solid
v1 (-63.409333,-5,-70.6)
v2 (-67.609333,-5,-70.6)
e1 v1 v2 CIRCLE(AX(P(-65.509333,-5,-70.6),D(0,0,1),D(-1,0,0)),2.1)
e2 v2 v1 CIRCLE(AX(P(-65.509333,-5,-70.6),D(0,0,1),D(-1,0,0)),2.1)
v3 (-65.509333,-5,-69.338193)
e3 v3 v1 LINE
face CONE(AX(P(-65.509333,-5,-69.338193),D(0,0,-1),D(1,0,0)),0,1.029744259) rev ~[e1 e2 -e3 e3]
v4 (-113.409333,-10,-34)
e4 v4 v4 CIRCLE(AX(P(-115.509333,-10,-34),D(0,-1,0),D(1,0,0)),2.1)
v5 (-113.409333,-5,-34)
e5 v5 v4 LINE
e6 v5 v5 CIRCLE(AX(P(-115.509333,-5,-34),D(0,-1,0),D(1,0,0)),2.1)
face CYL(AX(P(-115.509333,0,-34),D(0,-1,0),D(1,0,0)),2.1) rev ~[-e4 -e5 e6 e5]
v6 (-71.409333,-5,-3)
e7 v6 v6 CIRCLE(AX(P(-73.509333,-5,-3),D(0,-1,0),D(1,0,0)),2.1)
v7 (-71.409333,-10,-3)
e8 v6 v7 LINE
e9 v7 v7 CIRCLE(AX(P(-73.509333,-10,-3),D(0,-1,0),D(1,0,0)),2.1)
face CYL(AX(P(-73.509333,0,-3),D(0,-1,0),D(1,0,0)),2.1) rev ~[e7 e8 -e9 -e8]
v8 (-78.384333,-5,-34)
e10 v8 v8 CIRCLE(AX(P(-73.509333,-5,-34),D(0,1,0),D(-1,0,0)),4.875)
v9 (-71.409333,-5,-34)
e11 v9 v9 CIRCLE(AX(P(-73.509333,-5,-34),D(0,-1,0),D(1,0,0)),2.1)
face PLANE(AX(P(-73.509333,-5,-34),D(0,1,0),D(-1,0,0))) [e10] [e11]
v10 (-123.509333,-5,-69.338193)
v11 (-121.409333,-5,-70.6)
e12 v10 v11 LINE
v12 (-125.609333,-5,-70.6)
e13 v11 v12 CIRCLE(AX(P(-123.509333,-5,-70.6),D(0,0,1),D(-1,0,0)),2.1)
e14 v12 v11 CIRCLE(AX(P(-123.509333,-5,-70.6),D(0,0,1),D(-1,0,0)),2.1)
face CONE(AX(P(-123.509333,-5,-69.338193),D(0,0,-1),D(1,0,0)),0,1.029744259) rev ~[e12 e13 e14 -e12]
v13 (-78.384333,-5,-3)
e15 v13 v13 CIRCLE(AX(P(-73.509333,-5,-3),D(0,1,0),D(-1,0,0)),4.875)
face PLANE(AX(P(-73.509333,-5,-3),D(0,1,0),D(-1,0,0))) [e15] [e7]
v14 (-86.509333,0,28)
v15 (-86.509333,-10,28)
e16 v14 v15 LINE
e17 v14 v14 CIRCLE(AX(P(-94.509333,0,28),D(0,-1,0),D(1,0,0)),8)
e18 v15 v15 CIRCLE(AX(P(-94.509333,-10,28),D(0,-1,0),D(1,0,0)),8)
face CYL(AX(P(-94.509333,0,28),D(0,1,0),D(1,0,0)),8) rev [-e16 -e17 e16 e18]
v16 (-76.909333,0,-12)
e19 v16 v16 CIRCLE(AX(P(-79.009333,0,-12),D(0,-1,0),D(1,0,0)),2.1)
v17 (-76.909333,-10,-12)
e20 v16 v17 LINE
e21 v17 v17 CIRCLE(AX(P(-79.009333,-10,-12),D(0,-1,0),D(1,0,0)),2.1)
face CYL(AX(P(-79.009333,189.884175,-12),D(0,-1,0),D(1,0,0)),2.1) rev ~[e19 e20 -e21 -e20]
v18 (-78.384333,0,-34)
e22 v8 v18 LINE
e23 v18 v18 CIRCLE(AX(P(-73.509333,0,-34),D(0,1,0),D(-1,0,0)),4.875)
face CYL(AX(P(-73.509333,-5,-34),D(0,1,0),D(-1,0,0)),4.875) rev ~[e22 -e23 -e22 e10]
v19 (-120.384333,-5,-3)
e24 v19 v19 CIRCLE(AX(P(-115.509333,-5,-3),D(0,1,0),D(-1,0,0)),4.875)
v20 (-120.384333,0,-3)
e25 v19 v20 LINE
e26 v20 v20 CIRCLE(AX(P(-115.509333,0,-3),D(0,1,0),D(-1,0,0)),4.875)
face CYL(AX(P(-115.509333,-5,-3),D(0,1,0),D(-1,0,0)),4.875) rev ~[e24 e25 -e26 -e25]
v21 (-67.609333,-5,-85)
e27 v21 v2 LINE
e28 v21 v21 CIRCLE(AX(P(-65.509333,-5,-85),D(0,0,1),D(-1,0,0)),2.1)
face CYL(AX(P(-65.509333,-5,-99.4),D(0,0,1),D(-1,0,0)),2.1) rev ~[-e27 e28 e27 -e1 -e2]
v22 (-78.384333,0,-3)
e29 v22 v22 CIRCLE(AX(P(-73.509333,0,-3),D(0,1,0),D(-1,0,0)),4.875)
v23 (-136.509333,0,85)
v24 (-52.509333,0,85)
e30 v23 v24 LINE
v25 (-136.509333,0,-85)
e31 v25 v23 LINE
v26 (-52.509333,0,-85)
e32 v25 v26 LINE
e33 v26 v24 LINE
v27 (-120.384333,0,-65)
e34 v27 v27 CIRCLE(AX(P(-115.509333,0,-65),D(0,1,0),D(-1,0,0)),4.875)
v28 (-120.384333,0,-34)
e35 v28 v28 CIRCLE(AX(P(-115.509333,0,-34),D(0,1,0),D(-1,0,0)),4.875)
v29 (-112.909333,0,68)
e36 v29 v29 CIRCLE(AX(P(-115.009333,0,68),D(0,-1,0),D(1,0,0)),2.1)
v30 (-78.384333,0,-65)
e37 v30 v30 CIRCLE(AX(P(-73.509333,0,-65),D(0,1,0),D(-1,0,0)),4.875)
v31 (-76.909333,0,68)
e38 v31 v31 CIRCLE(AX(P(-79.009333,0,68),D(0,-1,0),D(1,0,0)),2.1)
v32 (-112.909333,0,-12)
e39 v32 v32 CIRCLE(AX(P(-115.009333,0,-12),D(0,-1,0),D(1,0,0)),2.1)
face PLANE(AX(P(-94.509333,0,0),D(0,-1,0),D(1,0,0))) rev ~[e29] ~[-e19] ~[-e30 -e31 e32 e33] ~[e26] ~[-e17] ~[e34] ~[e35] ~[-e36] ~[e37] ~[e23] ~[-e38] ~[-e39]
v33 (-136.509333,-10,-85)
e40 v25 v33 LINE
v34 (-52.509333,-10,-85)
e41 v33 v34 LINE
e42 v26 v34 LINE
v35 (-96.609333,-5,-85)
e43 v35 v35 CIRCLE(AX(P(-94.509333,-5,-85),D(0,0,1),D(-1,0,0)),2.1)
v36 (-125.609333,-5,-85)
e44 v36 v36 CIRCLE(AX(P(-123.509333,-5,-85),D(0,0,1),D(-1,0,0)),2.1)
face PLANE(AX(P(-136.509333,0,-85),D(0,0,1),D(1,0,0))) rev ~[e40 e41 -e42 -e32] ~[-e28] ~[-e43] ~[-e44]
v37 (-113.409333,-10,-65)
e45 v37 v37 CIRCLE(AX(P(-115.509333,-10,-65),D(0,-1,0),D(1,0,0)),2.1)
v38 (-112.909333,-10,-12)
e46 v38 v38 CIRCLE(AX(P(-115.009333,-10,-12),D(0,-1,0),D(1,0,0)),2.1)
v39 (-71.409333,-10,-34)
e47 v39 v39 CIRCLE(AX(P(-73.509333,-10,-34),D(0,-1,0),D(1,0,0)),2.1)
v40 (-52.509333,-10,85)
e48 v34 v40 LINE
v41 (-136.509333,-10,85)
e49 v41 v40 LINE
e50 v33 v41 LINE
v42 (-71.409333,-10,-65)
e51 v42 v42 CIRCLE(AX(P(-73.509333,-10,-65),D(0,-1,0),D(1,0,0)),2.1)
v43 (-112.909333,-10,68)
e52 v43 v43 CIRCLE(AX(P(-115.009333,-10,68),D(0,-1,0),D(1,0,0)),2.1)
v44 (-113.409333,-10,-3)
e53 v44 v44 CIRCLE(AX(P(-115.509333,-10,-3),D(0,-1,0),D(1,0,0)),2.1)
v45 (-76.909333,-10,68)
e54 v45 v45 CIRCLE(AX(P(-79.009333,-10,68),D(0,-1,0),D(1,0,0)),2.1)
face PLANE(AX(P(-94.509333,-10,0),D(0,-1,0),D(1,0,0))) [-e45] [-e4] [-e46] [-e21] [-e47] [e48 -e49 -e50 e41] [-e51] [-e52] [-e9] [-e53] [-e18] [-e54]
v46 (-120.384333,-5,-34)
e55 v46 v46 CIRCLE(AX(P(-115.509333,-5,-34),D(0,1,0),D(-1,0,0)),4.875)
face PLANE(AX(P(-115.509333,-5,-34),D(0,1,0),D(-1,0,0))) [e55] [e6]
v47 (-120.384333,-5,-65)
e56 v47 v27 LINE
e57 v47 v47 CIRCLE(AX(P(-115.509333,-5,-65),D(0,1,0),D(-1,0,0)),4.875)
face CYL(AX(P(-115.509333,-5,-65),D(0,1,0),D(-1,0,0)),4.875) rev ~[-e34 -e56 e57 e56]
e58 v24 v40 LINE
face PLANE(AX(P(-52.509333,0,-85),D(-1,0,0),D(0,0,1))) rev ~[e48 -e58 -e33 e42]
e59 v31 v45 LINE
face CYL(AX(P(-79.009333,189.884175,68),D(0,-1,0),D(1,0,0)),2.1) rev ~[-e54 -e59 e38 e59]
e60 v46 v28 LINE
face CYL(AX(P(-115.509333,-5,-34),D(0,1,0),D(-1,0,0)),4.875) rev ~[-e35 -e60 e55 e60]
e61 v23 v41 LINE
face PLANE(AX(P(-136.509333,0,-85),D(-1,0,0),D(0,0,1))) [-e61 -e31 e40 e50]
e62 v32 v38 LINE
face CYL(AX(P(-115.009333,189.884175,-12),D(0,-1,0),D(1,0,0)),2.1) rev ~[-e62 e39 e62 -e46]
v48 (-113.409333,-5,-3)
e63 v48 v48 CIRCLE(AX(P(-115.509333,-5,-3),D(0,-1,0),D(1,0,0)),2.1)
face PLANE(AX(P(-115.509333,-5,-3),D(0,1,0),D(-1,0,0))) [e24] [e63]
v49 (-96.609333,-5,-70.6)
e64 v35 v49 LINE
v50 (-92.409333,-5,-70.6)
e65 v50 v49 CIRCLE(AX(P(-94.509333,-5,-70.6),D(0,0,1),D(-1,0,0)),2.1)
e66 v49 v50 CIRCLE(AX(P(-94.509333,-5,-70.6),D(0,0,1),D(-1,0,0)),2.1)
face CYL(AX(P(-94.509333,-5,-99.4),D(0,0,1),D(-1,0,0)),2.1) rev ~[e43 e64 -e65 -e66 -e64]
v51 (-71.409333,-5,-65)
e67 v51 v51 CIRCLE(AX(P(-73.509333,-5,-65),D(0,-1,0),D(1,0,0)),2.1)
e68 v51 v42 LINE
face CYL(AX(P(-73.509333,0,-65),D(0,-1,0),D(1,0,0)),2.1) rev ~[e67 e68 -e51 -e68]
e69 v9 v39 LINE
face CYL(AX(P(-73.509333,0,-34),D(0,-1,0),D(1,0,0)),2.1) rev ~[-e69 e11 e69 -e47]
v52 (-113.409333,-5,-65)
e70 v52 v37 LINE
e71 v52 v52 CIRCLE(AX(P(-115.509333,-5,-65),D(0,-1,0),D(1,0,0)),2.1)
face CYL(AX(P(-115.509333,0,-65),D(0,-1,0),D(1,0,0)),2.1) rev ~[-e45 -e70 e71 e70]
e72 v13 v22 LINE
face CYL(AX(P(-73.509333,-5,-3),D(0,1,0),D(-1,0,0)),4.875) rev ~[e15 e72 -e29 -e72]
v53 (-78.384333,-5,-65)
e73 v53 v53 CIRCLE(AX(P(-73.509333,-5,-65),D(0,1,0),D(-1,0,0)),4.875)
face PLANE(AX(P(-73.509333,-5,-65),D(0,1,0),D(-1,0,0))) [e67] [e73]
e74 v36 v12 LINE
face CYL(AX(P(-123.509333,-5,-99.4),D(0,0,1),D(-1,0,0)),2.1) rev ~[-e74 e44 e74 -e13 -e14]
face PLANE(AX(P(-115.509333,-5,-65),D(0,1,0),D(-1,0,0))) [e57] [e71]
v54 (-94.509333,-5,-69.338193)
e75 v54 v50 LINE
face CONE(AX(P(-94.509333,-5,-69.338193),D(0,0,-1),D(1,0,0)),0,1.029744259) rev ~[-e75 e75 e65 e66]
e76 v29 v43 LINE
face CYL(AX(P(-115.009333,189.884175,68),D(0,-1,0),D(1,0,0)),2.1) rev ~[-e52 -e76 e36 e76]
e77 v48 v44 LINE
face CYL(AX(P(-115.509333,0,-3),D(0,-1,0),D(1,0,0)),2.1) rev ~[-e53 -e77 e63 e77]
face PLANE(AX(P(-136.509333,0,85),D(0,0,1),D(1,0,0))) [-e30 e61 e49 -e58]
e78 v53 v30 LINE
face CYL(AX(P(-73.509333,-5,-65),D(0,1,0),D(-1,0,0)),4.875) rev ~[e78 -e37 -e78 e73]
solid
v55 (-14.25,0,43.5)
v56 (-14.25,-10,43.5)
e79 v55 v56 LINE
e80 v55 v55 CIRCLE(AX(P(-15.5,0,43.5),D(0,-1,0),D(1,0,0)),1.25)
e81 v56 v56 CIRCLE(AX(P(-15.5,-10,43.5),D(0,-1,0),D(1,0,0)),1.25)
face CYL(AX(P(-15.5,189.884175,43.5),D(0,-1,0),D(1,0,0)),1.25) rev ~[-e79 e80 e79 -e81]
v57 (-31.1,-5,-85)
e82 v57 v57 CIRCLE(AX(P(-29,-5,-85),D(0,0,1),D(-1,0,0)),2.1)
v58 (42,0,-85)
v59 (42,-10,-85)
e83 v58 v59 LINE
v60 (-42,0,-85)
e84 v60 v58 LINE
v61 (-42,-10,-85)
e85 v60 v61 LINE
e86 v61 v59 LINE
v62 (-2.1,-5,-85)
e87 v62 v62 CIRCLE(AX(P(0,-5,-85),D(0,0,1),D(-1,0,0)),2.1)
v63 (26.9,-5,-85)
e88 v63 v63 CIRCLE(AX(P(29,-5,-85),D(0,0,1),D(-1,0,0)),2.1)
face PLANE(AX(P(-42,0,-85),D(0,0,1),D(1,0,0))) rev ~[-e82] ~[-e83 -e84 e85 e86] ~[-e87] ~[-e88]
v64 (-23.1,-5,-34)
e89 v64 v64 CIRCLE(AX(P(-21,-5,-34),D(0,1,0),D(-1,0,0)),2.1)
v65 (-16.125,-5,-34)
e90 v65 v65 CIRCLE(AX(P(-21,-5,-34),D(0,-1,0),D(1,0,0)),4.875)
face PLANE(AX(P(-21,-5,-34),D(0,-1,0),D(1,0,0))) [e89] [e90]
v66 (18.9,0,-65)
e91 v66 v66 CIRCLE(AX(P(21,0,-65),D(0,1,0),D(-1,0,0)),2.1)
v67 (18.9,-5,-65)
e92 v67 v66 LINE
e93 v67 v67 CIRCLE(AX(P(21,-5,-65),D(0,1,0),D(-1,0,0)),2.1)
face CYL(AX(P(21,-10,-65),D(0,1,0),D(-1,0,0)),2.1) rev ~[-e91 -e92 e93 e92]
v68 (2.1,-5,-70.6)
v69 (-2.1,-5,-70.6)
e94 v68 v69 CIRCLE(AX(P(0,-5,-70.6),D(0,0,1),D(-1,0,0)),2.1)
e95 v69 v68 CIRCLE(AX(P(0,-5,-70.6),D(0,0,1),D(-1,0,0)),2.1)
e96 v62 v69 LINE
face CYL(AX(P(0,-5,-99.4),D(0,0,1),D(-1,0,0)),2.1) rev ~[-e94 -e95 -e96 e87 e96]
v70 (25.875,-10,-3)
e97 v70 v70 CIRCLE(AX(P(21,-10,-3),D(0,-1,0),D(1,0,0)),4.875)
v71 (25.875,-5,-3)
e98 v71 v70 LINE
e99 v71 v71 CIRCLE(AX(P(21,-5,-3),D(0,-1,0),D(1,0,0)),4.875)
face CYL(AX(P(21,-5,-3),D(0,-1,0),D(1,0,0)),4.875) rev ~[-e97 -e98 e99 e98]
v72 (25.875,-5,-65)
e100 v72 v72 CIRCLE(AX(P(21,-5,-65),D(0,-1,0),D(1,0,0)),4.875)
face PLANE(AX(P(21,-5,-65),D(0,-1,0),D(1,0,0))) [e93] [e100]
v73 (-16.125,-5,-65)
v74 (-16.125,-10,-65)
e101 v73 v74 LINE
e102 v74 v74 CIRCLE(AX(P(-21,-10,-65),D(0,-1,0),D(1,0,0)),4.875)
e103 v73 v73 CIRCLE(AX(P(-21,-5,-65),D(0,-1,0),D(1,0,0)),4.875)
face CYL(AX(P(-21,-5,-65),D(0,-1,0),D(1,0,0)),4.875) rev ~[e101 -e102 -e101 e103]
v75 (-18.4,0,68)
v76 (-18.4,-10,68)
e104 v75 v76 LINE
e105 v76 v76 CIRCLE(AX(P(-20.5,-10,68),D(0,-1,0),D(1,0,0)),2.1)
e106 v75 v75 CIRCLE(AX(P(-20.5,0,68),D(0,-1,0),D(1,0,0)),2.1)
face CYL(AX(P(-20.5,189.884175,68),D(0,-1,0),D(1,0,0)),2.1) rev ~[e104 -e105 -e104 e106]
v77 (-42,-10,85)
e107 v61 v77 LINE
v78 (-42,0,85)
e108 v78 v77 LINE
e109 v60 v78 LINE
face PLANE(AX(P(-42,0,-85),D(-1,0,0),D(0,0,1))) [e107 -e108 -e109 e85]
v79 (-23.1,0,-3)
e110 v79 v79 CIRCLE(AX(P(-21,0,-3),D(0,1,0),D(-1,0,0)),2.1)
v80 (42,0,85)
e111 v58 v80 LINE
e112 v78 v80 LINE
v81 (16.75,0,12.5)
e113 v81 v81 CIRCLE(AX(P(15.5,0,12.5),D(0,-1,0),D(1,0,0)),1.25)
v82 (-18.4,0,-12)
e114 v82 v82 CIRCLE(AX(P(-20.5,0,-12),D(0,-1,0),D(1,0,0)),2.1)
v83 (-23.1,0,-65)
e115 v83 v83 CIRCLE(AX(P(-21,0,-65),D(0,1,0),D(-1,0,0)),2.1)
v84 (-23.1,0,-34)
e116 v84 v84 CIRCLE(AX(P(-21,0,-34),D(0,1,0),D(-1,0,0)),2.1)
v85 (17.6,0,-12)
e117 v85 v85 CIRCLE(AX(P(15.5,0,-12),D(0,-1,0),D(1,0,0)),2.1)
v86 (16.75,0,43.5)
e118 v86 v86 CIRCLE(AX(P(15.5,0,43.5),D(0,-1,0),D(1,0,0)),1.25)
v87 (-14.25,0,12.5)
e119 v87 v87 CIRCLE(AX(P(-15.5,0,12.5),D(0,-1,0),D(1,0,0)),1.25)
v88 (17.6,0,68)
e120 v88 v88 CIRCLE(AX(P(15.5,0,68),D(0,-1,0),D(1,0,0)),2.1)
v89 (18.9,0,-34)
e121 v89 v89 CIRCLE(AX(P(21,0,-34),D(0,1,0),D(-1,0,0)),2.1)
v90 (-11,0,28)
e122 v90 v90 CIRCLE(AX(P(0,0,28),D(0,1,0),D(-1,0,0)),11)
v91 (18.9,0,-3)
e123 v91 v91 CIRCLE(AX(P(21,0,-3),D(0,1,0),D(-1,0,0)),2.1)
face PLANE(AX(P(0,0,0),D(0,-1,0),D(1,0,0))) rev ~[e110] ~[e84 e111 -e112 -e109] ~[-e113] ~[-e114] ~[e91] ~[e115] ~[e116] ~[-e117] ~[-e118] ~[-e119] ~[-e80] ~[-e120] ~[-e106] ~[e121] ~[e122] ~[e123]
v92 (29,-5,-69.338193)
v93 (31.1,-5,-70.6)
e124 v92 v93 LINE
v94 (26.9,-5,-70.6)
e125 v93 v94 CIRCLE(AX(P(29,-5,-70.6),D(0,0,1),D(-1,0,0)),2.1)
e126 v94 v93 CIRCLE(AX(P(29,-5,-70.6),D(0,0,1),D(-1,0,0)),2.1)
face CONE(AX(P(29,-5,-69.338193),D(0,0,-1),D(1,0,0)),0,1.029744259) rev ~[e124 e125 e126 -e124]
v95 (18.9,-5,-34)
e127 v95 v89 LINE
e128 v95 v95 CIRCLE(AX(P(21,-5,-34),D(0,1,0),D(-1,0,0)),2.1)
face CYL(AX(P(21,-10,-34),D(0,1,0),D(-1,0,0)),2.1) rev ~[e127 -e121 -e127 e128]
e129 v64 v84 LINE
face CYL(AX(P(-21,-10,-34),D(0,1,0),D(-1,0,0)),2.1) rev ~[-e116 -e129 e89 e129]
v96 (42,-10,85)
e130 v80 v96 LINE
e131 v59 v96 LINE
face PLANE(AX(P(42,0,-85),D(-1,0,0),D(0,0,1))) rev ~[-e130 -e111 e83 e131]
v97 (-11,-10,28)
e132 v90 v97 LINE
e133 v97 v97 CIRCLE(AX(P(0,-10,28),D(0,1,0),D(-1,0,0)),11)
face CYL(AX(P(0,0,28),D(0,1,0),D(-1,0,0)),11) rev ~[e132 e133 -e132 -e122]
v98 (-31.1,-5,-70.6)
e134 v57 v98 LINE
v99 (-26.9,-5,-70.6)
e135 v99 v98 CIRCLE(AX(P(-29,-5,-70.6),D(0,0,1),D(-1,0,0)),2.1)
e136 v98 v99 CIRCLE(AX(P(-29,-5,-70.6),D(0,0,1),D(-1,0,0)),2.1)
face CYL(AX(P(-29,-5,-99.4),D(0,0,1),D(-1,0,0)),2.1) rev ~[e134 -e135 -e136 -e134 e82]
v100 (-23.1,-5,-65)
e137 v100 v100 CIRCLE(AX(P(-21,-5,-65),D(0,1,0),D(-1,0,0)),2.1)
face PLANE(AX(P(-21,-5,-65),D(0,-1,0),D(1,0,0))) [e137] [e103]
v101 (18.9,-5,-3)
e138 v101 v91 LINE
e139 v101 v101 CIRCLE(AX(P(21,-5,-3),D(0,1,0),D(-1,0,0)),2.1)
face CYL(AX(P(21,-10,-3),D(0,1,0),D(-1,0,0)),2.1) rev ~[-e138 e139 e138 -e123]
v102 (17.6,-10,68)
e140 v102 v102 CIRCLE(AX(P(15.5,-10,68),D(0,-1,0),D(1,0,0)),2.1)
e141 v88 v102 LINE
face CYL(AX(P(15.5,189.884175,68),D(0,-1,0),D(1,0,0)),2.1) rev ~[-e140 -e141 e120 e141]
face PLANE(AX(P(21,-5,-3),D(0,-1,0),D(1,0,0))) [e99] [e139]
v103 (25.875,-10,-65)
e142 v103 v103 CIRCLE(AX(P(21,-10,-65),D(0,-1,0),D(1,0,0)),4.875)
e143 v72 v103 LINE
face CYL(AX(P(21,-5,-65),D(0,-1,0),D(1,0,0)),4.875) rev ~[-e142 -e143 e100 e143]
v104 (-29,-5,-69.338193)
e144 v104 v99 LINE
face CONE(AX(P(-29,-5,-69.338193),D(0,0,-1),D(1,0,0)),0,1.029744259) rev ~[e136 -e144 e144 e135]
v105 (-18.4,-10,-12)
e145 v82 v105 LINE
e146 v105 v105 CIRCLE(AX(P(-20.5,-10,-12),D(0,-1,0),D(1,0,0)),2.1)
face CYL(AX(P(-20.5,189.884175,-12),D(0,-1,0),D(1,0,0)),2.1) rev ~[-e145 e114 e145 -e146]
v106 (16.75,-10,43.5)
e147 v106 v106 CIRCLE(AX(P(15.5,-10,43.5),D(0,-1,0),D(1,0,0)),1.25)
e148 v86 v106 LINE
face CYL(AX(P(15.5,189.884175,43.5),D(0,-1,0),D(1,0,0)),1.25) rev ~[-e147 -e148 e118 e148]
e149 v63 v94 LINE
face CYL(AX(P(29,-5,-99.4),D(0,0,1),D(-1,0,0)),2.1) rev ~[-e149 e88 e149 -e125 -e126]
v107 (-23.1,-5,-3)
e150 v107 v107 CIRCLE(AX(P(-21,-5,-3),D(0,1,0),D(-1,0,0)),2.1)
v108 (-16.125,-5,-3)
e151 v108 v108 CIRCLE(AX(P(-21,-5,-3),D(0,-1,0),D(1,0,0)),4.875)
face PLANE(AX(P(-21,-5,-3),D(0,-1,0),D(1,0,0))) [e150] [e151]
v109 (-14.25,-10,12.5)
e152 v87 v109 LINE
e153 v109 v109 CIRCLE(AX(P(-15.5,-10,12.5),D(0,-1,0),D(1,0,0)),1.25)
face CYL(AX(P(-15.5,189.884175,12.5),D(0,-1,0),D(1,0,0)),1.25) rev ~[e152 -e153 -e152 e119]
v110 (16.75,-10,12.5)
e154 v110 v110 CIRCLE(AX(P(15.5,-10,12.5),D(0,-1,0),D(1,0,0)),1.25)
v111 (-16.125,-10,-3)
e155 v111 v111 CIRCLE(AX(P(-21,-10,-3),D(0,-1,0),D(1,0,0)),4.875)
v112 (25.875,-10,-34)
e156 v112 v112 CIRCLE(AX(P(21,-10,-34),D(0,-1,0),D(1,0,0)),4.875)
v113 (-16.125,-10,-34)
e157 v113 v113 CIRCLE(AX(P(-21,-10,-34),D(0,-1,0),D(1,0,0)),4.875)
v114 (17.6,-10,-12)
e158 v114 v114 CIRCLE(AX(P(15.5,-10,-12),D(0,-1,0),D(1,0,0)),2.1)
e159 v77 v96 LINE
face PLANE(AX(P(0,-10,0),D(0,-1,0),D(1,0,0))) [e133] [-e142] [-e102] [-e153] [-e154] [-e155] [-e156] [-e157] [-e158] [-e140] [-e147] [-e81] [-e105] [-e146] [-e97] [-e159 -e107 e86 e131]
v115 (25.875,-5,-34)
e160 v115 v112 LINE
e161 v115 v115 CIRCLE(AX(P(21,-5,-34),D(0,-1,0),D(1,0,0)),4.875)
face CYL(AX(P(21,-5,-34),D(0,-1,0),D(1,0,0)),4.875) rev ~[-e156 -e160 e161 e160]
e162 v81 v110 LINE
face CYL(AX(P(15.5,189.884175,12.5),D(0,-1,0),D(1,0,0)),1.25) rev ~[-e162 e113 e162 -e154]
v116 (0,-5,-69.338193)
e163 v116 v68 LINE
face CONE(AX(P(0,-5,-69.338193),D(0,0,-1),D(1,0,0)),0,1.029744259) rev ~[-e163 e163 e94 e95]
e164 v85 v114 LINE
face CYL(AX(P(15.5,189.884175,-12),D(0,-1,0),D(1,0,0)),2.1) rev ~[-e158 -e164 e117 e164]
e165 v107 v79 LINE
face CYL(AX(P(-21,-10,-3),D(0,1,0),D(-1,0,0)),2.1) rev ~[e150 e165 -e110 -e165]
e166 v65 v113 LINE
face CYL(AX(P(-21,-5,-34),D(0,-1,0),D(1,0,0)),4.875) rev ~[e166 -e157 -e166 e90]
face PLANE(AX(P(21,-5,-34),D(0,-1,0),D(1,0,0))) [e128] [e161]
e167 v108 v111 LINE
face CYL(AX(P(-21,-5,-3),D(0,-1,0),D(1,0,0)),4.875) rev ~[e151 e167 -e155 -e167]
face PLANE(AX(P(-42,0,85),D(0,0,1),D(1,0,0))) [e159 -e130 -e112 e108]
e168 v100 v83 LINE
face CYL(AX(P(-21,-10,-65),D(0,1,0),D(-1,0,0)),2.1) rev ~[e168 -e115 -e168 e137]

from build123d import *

# Parameters (mm, degrees)
F0_W            = 84
F0_H            = 170
F1_DEPTH        = 10
F4_D            = 4.2
F4_DEPTH        = 14.4
F4_TIP          = 1.2618073
F5_W            = 84
F5_H            = 170
F5_R            = 8
F6_DEPTH        = 10
F8_D            = 4.2
F8_DEPTH        = 14.4
F8_TIP          = 1.2618073
F10_D           = 4.2
F12_D           = 4.2
F12_CBORE_D     = 9.75
F12_CBORE_DEPTH = 5
F14_D           = 4.2
F14_CBORE_D     = 9.75
F14_CBORE_DEPTH = 5
F2_R            = 11
F15_DEPTH       = 25
F16_D           = 4.2
F17_D           = 2.5


with BuildPart() as f1:
    # F0 (on Front) → F1 (new body)
    with BuildSketch(Plane.XZ):
        Rectangle(F0_W, F0_H)
    extrude(amount=F1_DEPTH)

    # F4
    with Locations(Plane(origin=(0, 0, -85), x_dir=(1, 0, 0), z_dir=(0, 0, -1))):
        with Locations((-29, 5), (0, 5), (29, 5)):
            Hole(F4_D / 2, depth=F4_DEPTH)
            with Locations((0, 0, -(F4_DEPTH + F4_TIP / 2))):  # 118° drill point
                Cone(0, F4_D / 2, F4_TIP, mode=Mode.SUBTRACT)

    # F12 (through all)
    with Locations(Plane.XZ.offset(10)):
        with Locations((-21, -65), (21, -65), (21, -3), (-21, -3), (-21, -34), (21, -34)):
            CounterBoreHole(F12_D / 2, F12_CBORE_D / 2, F12_CBORE_DEPTH)

    # F2 (on face) → F15 (cut)
    with BuildSketch(Plane(origin=(0, 0, 0), x_dir=(-1, 0, 0), z_dir=(0, 1, 0))):
        with Locations((0, 28)):
            Circle(F2_R)
    extrude(amount=-F15_DEPTH, mode=Mode.SUBTRACT)

    # F16 (through all)
    with Locations(Plane(origin=(0, 0, 0), x_dir=(-1, 0, 0), z_dir=(0, 1, 0))):
        with Locations((-15.5, 68), (20.5, 68), (-15.5, -12), (20.5, -12)):
            Hole(F16_D / 2)

    # F17 (through all)
    with Locations(Plane(origin=(0, 0, 0), x_dir=(-1, 0, 0), z_dir=(0, 1, 0))):
        with Locations((-15.5, 43.5), (15.5, 43.5), (-15.5, 12.5), (15.5, 12.5)):
            Hole(F17_D / 2)


with BuildPart() as f6:
    # F5 (on Front) → F6 (new body)
    with BuildSketch(Plane.XZ):
        with Locations((-94.5093333721, 0)):
            Rectangle(F5_W, F5_H)
        with Locations((-94.5093333721, 0)):
            Circle(F5_R, mode=Mode.SUBTRACT)
        with Locations((-94.5093333721, 28)):
            Circle(F5_R, mode=Mode.SUBTRACT)
        with Locations((-94.5093333721, 0)):
            Circle(F5_R)
    extrude(amount=F6_DEPTH)

    # F8
    with Locations(Plane(origin=(0, 0, -85), x_dir=(1, 0, 0), z_dir=(0, 0, -1))):
        with Locations((-123.5093333721, 5), (-94.5093333721, 5), (-65.5093333721, 5)):
            Hole(F8_D / 2, depth=F8_DEPTH)
            with Locations((0, 0, -(F8_DEPTH + F8_TIP / 2))):  # 118° drill point
                Cone(0, F8_D / 2, F8_TIP, mode=Mode.SUBTRACT)

    # F10 (through all)
    with Locations(Plane(origin=(0, 0, 0), x_dir=(-1, 0, 0), z_dir=(0, 1, 0))):
        with Locations((79.0093333721, -12), (115.0093333721, -12), (79.0093333721, 68), (115.0093333721, 68)):
            Hole(F10_D / 2)

    # F14 (through all)
    with Locations(Plane(origin=(0, 0, 0), x_dir=(-1, 0, 0), z_dir=(0, 1, 0))):
        with Locations((73.5093333721, -3), (115.5093333721, -3), (115.5093333721, -65), (73.5093333721, -65), (73.5093333721, -34), (115.5093333721, -34)):
            CounterBoreHole(F14_D / 2, F14_CBORE_D / 2, F14_CBORE_DEPTH)


solid = Compound([f1.part, f6.part])
